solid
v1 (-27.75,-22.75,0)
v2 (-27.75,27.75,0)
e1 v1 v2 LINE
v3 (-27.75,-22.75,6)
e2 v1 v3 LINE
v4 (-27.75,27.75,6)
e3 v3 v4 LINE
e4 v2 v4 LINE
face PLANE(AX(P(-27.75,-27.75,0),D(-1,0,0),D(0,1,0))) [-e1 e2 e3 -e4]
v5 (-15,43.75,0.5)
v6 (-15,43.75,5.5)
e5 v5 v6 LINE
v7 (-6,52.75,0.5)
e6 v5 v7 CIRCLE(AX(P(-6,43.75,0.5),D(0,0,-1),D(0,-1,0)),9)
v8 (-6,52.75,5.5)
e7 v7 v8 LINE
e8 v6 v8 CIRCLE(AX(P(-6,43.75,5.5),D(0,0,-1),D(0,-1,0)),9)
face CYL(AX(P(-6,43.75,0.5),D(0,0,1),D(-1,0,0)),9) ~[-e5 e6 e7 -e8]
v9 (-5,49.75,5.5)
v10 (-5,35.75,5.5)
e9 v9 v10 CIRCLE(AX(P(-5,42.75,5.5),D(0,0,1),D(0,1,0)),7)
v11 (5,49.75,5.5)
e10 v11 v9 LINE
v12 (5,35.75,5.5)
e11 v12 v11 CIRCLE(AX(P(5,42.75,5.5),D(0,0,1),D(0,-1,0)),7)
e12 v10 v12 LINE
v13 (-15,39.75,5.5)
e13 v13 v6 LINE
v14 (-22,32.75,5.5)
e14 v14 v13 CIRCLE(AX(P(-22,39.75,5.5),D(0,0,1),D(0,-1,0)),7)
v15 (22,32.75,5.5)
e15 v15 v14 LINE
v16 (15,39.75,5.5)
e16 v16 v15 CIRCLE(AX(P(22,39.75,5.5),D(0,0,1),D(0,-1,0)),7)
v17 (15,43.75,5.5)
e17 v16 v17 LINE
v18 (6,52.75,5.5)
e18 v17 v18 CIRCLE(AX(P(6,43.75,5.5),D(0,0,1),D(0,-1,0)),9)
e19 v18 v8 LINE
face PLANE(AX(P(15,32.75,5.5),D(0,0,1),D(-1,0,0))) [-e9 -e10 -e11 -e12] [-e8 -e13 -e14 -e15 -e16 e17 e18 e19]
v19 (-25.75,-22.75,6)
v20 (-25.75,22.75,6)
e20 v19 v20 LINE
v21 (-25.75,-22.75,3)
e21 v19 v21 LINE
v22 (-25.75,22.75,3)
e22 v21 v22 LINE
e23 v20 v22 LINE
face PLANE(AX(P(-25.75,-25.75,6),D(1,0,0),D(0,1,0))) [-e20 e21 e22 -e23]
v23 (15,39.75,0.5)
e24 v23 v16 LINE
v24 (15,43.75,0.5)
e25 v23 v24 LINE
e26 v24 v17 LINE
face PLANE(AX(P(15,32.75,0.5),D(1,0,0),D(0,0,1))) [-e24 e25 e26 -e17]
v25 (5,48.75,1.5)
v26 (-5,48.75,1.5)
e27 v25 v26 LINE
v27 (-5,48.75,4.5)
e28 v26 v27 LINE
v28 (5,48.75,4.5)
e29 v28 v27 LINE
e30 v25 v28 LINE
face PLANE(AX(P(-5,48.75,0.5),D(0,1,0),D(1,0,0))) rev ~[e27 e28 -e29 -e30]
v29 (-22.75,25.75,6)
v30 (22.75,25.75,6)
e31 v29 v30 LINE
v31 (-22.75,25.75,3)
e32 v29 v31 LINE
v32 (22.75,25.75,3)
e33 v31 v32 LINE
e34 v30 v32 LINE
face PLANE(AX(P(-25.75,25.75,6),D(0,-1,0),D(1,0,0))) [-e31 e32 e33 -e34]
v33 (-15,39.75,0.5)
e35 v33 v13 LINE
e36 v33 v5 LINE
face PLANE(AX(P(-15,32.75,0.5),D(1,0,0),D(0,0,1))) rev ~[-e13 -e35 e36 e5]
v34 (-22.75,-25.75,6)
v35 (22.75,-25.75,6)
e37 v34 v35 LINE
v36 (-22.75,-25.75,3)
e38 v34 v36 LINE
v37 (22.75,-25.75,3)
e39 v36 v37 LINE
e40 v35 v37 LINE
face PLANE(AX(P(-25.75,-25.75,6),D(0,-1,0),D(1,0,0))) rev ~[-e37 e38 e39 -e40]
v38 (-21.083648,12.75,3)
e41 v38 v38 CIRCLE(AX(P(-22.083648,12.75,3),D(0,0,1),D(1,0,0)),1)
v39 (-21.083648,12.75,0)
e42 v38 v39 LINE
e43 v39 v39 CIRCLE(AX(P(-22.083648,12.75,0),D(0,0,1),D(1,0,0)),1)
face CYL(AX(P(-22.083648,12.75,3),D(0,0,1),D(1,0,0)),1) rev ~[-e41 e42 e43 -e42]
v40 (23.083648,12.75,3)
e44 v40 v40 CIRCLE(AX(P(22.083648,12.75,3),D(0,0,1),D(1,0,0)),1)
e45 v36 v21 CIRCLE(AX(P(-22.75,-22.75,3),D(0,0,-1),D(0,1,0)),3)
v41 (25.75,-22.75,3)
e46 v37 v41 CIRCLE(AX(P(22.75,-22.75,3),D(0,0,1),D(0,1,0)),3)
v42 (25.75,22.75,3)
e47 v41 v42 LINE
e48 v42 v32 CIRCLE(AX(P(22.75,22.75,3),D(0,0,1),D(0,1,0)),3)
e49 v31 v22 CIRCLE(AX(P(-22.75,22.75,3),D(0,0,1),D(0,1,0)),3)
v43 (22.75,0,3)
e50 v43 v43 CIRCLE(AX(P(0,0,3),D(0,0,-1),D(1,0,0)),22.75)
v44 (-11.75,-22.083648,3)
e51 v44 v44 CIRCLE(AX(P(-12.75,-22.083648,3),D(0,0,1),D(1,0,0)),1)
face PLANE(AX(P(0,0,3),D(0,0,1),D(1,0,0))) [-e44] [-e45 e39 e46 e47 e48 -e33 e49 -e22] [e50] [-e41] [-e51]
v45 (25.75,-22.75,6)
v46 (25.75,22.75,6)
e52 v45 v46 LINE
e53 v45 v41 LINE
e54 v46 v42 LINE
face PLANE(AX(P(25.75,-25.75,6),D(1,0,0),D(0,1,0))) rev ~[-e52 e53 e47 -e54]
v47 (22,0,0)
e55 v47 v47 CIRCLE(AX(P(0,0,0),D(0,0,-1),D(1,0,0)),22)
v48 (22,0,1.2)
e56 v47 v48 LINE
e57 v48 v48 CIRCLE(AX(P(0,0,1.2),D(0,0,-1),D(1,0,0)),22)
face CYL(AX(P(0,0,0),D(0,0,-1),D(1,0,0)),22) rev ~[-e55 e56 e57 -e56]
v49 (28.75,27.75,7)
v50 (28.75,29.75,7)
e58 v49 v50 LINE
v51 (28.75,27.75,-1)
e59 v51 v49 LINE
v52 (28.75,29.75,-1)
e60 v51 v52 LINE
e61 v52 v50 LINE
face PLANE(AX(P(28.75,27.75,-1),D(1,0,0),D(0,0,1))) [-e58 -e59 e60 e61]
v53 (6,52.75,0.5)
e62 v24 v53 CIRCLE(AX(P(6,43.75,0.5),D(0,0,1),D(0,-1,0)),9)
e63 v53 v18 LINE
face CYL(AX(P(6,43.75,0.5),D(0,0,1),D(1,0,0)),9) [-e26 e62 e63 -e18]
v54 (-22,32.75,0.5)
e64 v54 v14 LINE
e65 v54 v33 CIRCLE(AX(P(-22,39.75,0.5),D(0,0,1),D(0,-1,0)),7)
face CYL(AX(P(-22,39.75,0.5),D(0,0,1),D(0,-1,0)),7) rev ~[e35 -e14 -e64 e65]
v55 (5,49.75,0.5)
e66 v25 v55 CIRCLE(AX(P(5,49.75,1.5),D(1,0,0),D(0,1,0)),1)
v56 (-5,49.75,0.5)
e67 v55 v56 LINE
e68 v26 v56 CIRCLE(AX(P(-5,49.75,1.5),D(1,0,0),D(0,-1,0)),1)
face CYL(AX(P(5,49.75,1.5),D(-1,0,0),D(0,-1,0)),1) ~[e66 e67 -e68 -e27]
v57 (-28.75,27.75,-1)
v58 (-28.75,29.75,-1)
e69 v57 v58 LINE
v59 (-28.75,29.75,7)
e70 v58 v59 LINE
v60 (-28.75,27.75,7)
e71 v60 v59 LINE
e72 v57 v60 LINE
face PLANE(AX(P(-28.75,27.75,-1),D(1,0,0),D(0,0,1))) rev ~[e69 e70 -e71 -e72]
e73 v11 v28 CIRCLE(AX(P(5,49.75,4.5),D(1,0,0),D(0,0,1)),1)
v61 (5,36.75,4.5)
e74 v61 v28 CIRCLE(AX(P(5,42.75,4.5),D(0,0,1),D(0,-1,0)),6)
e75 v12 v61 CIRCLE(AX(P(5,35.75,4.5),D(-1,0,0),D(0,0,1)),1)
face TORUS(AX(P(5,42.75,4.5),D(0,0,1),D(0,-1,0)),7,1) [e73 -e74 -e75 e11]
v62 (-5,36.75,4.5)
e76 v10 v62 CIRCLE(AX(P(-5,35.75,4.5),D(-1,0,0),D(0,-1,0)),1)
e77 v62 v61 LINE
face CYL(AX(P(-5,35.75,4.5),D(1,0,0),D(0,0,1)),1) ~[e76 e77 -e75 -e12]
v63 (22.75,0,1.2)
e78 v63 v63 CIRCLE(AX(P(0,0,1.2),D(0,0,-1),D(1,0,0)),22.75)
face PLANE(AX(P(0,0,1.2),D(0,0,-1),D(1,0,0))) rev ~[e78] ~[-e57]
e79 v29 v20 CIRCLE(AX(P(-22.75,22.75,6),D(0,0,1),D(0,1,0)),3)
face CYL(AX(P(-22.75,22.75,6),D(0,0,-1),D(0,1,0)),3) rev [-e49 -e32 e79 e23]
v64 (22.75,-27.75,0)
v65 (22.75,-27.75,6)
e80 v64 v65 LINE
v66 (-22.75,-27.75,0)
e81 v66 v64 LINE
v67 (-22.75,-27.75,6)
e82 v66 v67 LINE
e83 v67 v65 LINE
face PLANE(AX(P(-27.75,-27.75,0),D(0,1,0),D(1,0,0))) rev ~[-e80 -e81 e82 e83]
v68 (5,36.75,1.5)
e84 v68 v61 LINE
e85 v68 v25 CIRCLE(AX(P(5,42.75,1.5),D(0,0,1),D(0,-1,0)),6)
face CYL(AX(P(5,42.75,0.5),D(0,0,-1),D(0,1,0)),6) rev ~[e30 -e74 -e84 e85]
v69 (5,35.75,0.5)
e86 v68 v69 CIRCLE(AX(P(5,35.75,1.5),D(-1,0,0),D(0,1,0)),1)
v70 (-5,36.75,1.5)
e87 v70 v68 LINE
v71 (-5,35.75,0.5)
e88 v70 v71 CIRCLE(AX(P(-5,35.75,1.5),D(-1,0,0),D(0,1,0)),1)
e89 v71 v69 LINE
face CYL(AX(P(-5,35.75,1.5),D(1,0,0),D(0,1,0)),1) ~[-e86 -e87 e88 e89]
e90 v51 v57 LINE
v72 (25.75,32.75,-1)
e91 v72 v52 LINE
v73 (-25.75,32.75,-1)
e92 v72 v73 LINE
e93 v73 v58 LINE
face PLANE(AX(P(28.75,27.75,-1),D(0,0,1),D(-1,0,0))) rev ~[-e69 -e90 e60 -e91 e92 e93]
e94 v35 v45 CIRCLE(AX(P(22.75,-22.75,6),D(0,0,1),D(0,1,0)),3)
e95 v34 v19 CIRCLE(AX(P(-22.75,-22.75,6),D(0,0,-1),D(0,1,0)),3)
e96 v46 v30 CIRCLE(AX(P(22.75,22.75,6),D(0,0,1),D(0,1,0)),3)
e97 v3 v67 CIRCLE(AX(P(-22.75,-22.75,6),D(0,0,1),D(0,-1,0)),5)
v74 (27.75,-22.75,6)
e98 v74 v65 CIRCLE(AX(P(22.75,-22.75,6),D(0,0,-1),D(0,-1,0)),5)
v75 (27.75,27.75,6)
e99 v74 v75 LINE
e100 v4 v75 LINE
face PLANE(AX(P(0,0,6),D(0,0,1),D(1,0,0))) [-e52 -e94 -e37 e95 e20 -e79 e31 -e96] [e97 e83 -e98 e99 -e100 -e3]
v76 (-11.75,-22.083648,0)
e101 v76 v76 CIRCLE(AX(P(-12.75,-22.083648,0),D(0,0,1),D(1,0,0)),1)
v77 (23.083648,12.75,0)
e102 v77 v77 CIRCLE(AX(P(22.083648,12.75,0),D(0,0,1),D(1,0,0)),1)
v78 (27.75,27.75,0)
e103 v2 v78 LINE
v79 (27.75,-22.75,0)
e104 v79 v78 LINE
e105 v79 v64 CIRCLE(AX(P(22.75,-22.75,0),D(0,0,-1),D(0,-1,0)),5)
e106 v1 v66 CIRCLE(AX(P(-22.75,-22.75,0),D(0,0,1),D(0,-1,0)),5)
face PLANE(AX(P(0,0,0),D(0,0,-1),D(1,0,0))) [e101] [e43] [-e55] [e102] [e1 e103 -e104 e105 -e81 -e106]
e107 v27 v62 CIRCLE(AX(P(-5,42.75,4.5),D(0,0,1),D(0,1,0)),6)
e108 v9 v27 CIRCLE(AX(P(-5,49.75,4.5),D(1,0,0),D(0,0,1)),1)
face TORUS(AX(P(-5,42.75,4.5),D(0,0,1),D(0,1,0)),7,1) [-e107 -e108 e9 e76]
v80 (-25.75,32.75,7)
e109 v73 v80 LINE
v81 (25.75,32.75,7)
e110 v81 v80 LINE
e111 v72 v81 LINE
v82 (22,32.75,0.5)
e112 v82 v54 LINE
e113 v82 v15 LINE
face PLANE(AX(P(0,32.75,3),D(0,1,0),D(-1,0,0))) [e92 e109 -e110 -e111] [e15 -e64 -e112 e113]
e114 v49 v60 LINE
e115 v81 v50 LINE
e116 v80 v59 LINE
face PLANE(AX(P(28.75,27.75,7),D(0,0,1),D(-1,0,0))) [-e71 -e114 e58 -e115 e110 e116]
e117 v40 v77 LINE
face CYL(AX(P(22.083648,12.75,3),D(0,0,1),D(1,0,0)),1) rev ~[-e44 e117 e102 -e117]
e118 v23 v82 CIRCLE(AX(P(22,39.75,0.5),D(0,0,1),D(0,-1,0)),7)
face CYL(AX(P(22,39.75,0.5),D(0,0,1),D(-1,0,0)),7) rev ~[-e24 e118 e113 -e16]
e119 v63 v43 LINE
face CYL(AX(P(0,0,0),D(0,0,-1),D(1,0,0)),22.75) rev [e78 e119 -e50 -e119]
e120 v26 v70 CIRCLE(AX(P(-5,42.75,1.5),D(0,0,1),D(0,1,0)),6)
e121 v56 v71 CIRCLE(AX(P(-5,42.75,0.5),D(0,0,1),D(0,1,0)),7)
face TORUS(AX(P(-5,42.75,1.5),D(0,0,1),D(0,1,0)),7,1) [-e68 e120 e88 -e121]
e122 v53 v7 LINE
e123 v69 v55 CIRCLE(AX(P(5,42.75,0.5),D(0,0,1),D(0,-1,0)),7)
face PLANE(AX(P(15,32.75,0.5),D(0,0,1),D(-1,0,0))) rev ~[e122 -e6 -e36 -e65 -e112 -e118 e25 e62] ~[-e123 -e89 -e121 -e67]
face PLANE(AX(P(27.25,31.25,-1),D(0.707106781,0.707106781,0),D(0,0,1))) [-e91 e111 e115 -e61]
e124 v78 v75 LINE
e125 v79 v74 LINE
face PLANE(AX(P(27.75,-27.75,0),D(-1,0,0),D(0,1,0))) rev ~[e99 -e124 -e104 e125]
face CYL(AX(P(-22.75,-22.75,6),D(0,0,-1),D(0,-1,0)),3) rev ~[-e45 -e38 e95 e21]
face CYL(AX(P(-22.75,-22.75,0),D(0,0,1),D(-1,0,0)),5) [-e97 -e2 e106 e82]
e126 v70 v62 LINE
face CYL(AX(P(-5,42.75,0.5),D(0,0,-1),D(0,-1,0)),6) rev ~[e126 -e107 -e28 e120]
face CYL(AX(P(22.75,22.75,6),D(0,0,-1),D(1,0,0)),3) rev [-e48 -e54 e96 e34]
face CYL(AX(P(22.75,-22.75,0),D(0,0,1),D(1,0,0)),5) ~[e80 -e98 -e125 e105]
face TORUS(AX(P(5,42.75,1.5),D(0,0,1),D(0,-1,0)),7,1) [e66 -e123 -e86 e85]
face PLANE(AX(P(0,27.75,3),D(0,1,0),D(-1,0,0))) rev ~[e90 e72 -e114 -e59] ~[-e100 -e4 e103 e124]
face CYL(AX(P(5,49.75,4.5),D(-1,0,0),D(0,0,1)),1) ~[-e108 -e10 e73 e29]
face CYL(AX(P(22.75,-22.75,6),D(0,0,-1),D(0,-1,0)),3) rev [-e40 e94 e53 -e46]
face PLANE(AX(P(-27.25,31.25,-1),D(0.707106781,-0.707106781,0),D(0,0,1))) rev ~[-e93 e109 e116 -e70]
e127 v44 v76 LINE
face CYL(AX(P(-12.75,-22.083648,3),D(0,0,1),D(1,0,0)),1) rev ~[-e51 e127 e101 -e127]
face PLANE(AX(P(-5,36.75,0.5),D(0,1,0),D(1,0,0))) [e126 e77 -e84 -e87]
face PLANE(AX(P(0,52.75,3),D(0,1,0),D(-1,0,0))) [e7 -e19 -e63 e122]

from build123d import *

# Parameters (mm, degrees)
SKETCH_W        = 55.5
SKETCH_H        = 55.5
SKETCH_R        = 22.75
PAD_DEPTH       = 6
SKETCH001_W     = 57.5
SKETCH001_H     = 8
PAD001_DEPTH    = 5
SKETCH002_W     = 30
SKETCH002_H     = 5
PAD002_DEPTH    = 20
FILLET_R        = 5
POCKET_DEPTH    = 6
FILLET001_R     = 9
FILLET002_R     = 7
CHAMFER_SIZE    = 3
SKETCH004_R     = 22.75
SKETCH004_R_2   = 22
PAD003_DEPTH    = 1.2
SKETCH005_W     = 51.5
SKETCH005_H     = 51.5
POCKET001_DEPTH = 3
SKETCH006_R     = 1
POCKET002_DEPTH = 6
FILLET003_R     = 1
FILLET004_R     = 1
FILLET005_R     = 3


with BuildPart() as part:
    # Sketch → Pad (new body)
    with BuildSketch(Plane.XY):
        Rectangle(SKETCH_W, SKETCH_H)
        Circle(SKETCH_R, mode=Mode.SUBTRACT)
    extrude(amount=PAD_DEPTH)

    # Sketch001 → Pad001 (new body)
    with BuildSketch(Plane(origin=(0, 27.75, 0), x_dir=(-1, 0, 0), z_dir=(0, 1, 0))):
        with Locations((0, 3)):
            Rectangle(SKETCH001_W, SKETCH001_H)
    extrude(amount=PAD001_DEPTH)

    # Sketch002 → Pad002 (new body)
    with BuildSketch(Plane(origin=(0, 32.75, 0), x_dir=(-1, 0, 0), z_dir=(0, 1, 0))):
        with Locations((0, 3)):
            Rectangle(SKETCH002_W, SKETCH002_H)
    extrude(amount=PAD002_DEPTH)

    # Fillet
    fillet_edges = [part.edges().sort_by_distance(p)[0] for p in [
        (-27.75, -27.75, 3),
        (27.75, -27.75, 3),
    ]]
    fillet(fillet_edges, radius=FILLET_R)

    # Sketch003 → Pocket (cut)
    with BuildSketch(Plane(origin=(0, 0, 0.5), x_dir=(1, 0, 0), z_dir=(0, 0, -1))):
        with BuildLine():
            ThreePointArc((-5, -36.75), (-11, -42.75), (-5, -48.75))
            Line((-5, -48.75), (5, -48.75))
            ThreePointArc((5, -48.75), (11, -42.75), (5, -36.75))
            Line((-5, -36.75), (5, -36.75))
        make_face()
    extrude(amount=-POCKET_DEPTH, mode=Mode.SUBTRACT)

    # Fillet001
    fillet001_edges = [part.edges().sort_by_distance(p)[0] for p in [
        (15, 52.75, 3),
        (-15, 52.75, 3),
    ]]
    fillet(fillet001_edges, radius=FILLET001_R)

    # Fillet002
    fillet002_edges = [part.edges().sort_by_distance(p)[0] for p in [
        (15, 32.75, 3),
        (-15, 32.75, 3),
    ]]
    fillet(fillet002_edges, radius=FILLET002_R)

    # Chamfer
    chamfer_edges = [part.edges().sort_by_distance(p)[0] for p in [
        (-28.75, 32.75, 3),
        (28.75, 32.75, 3),
    ]]
    chamfer(chamfer_edges, length=CHAMFER_SIZE)

    # Sketch004 → Pad003 (new body)
    with BuildSketch(Plane(origin=(0, 0, 0), x_dir=(1, 0, 0), z_dir=(0, 0, -1))):
        Circle(SKETCH004_R)
        Circle(SKETCH004_R_2, mode=Mode.SUBTRACT)
    extrude(amount=-PAD003_DEPTH)

    # Sketch005 → Pocket001 (cut)
    with BuildSketch(Plane.XY.offset(6)):
        Rectangle(SKETCH005_W, SKETCH005_H)
    extrude(amount=-POCKET001_DEPTH, mode=Mode.SUBTRACT)

    # Sketch006 → Pocket002 (cut)
    with BuildSketch(Plane.XY.offset(3)):
        with Locations((-22.083648, 12.75)):
            Circle(SKETCH006_R)
        with Locations((22.083648, 12.75)):
            Circle(SKETCH006_R)
        with Locations((-12.75, -22.083648)):
            Circle(SKETCH006_R)
    extrude(amount=-POCKET002_DEPTH, mode=Mode.SUBTRACT)

    # Fillet003
    fillet003_edges = [part.edges().sort_by_distance(p)[0] for p in [
        (0, 48.75, 5.5),
    ]]
    fillet(fillet003_edges, radius=FILLET003_R)

    # Fillet004
    fillet004_edges = [part.edges().sort_by_distance(p)[0] for p in [
        (0, 36.75, 0.5),
    ]]
    fillet(fillet004_edges, radius=FILLET004_R)

    # Fillet005
    fillet005_edges = [part.edges().sort_by_distance(p)[0] for p in [
        (-25.75, -25.75, 4.5),
        (25.75, -25.75, 4.5),
        (25.75, 25.75, 4.5),
        (-25.75, 25.75, 4.5),
    ]]
    fillet(fillet005_edges, radius=FILLET005_R)


solid = part.part
